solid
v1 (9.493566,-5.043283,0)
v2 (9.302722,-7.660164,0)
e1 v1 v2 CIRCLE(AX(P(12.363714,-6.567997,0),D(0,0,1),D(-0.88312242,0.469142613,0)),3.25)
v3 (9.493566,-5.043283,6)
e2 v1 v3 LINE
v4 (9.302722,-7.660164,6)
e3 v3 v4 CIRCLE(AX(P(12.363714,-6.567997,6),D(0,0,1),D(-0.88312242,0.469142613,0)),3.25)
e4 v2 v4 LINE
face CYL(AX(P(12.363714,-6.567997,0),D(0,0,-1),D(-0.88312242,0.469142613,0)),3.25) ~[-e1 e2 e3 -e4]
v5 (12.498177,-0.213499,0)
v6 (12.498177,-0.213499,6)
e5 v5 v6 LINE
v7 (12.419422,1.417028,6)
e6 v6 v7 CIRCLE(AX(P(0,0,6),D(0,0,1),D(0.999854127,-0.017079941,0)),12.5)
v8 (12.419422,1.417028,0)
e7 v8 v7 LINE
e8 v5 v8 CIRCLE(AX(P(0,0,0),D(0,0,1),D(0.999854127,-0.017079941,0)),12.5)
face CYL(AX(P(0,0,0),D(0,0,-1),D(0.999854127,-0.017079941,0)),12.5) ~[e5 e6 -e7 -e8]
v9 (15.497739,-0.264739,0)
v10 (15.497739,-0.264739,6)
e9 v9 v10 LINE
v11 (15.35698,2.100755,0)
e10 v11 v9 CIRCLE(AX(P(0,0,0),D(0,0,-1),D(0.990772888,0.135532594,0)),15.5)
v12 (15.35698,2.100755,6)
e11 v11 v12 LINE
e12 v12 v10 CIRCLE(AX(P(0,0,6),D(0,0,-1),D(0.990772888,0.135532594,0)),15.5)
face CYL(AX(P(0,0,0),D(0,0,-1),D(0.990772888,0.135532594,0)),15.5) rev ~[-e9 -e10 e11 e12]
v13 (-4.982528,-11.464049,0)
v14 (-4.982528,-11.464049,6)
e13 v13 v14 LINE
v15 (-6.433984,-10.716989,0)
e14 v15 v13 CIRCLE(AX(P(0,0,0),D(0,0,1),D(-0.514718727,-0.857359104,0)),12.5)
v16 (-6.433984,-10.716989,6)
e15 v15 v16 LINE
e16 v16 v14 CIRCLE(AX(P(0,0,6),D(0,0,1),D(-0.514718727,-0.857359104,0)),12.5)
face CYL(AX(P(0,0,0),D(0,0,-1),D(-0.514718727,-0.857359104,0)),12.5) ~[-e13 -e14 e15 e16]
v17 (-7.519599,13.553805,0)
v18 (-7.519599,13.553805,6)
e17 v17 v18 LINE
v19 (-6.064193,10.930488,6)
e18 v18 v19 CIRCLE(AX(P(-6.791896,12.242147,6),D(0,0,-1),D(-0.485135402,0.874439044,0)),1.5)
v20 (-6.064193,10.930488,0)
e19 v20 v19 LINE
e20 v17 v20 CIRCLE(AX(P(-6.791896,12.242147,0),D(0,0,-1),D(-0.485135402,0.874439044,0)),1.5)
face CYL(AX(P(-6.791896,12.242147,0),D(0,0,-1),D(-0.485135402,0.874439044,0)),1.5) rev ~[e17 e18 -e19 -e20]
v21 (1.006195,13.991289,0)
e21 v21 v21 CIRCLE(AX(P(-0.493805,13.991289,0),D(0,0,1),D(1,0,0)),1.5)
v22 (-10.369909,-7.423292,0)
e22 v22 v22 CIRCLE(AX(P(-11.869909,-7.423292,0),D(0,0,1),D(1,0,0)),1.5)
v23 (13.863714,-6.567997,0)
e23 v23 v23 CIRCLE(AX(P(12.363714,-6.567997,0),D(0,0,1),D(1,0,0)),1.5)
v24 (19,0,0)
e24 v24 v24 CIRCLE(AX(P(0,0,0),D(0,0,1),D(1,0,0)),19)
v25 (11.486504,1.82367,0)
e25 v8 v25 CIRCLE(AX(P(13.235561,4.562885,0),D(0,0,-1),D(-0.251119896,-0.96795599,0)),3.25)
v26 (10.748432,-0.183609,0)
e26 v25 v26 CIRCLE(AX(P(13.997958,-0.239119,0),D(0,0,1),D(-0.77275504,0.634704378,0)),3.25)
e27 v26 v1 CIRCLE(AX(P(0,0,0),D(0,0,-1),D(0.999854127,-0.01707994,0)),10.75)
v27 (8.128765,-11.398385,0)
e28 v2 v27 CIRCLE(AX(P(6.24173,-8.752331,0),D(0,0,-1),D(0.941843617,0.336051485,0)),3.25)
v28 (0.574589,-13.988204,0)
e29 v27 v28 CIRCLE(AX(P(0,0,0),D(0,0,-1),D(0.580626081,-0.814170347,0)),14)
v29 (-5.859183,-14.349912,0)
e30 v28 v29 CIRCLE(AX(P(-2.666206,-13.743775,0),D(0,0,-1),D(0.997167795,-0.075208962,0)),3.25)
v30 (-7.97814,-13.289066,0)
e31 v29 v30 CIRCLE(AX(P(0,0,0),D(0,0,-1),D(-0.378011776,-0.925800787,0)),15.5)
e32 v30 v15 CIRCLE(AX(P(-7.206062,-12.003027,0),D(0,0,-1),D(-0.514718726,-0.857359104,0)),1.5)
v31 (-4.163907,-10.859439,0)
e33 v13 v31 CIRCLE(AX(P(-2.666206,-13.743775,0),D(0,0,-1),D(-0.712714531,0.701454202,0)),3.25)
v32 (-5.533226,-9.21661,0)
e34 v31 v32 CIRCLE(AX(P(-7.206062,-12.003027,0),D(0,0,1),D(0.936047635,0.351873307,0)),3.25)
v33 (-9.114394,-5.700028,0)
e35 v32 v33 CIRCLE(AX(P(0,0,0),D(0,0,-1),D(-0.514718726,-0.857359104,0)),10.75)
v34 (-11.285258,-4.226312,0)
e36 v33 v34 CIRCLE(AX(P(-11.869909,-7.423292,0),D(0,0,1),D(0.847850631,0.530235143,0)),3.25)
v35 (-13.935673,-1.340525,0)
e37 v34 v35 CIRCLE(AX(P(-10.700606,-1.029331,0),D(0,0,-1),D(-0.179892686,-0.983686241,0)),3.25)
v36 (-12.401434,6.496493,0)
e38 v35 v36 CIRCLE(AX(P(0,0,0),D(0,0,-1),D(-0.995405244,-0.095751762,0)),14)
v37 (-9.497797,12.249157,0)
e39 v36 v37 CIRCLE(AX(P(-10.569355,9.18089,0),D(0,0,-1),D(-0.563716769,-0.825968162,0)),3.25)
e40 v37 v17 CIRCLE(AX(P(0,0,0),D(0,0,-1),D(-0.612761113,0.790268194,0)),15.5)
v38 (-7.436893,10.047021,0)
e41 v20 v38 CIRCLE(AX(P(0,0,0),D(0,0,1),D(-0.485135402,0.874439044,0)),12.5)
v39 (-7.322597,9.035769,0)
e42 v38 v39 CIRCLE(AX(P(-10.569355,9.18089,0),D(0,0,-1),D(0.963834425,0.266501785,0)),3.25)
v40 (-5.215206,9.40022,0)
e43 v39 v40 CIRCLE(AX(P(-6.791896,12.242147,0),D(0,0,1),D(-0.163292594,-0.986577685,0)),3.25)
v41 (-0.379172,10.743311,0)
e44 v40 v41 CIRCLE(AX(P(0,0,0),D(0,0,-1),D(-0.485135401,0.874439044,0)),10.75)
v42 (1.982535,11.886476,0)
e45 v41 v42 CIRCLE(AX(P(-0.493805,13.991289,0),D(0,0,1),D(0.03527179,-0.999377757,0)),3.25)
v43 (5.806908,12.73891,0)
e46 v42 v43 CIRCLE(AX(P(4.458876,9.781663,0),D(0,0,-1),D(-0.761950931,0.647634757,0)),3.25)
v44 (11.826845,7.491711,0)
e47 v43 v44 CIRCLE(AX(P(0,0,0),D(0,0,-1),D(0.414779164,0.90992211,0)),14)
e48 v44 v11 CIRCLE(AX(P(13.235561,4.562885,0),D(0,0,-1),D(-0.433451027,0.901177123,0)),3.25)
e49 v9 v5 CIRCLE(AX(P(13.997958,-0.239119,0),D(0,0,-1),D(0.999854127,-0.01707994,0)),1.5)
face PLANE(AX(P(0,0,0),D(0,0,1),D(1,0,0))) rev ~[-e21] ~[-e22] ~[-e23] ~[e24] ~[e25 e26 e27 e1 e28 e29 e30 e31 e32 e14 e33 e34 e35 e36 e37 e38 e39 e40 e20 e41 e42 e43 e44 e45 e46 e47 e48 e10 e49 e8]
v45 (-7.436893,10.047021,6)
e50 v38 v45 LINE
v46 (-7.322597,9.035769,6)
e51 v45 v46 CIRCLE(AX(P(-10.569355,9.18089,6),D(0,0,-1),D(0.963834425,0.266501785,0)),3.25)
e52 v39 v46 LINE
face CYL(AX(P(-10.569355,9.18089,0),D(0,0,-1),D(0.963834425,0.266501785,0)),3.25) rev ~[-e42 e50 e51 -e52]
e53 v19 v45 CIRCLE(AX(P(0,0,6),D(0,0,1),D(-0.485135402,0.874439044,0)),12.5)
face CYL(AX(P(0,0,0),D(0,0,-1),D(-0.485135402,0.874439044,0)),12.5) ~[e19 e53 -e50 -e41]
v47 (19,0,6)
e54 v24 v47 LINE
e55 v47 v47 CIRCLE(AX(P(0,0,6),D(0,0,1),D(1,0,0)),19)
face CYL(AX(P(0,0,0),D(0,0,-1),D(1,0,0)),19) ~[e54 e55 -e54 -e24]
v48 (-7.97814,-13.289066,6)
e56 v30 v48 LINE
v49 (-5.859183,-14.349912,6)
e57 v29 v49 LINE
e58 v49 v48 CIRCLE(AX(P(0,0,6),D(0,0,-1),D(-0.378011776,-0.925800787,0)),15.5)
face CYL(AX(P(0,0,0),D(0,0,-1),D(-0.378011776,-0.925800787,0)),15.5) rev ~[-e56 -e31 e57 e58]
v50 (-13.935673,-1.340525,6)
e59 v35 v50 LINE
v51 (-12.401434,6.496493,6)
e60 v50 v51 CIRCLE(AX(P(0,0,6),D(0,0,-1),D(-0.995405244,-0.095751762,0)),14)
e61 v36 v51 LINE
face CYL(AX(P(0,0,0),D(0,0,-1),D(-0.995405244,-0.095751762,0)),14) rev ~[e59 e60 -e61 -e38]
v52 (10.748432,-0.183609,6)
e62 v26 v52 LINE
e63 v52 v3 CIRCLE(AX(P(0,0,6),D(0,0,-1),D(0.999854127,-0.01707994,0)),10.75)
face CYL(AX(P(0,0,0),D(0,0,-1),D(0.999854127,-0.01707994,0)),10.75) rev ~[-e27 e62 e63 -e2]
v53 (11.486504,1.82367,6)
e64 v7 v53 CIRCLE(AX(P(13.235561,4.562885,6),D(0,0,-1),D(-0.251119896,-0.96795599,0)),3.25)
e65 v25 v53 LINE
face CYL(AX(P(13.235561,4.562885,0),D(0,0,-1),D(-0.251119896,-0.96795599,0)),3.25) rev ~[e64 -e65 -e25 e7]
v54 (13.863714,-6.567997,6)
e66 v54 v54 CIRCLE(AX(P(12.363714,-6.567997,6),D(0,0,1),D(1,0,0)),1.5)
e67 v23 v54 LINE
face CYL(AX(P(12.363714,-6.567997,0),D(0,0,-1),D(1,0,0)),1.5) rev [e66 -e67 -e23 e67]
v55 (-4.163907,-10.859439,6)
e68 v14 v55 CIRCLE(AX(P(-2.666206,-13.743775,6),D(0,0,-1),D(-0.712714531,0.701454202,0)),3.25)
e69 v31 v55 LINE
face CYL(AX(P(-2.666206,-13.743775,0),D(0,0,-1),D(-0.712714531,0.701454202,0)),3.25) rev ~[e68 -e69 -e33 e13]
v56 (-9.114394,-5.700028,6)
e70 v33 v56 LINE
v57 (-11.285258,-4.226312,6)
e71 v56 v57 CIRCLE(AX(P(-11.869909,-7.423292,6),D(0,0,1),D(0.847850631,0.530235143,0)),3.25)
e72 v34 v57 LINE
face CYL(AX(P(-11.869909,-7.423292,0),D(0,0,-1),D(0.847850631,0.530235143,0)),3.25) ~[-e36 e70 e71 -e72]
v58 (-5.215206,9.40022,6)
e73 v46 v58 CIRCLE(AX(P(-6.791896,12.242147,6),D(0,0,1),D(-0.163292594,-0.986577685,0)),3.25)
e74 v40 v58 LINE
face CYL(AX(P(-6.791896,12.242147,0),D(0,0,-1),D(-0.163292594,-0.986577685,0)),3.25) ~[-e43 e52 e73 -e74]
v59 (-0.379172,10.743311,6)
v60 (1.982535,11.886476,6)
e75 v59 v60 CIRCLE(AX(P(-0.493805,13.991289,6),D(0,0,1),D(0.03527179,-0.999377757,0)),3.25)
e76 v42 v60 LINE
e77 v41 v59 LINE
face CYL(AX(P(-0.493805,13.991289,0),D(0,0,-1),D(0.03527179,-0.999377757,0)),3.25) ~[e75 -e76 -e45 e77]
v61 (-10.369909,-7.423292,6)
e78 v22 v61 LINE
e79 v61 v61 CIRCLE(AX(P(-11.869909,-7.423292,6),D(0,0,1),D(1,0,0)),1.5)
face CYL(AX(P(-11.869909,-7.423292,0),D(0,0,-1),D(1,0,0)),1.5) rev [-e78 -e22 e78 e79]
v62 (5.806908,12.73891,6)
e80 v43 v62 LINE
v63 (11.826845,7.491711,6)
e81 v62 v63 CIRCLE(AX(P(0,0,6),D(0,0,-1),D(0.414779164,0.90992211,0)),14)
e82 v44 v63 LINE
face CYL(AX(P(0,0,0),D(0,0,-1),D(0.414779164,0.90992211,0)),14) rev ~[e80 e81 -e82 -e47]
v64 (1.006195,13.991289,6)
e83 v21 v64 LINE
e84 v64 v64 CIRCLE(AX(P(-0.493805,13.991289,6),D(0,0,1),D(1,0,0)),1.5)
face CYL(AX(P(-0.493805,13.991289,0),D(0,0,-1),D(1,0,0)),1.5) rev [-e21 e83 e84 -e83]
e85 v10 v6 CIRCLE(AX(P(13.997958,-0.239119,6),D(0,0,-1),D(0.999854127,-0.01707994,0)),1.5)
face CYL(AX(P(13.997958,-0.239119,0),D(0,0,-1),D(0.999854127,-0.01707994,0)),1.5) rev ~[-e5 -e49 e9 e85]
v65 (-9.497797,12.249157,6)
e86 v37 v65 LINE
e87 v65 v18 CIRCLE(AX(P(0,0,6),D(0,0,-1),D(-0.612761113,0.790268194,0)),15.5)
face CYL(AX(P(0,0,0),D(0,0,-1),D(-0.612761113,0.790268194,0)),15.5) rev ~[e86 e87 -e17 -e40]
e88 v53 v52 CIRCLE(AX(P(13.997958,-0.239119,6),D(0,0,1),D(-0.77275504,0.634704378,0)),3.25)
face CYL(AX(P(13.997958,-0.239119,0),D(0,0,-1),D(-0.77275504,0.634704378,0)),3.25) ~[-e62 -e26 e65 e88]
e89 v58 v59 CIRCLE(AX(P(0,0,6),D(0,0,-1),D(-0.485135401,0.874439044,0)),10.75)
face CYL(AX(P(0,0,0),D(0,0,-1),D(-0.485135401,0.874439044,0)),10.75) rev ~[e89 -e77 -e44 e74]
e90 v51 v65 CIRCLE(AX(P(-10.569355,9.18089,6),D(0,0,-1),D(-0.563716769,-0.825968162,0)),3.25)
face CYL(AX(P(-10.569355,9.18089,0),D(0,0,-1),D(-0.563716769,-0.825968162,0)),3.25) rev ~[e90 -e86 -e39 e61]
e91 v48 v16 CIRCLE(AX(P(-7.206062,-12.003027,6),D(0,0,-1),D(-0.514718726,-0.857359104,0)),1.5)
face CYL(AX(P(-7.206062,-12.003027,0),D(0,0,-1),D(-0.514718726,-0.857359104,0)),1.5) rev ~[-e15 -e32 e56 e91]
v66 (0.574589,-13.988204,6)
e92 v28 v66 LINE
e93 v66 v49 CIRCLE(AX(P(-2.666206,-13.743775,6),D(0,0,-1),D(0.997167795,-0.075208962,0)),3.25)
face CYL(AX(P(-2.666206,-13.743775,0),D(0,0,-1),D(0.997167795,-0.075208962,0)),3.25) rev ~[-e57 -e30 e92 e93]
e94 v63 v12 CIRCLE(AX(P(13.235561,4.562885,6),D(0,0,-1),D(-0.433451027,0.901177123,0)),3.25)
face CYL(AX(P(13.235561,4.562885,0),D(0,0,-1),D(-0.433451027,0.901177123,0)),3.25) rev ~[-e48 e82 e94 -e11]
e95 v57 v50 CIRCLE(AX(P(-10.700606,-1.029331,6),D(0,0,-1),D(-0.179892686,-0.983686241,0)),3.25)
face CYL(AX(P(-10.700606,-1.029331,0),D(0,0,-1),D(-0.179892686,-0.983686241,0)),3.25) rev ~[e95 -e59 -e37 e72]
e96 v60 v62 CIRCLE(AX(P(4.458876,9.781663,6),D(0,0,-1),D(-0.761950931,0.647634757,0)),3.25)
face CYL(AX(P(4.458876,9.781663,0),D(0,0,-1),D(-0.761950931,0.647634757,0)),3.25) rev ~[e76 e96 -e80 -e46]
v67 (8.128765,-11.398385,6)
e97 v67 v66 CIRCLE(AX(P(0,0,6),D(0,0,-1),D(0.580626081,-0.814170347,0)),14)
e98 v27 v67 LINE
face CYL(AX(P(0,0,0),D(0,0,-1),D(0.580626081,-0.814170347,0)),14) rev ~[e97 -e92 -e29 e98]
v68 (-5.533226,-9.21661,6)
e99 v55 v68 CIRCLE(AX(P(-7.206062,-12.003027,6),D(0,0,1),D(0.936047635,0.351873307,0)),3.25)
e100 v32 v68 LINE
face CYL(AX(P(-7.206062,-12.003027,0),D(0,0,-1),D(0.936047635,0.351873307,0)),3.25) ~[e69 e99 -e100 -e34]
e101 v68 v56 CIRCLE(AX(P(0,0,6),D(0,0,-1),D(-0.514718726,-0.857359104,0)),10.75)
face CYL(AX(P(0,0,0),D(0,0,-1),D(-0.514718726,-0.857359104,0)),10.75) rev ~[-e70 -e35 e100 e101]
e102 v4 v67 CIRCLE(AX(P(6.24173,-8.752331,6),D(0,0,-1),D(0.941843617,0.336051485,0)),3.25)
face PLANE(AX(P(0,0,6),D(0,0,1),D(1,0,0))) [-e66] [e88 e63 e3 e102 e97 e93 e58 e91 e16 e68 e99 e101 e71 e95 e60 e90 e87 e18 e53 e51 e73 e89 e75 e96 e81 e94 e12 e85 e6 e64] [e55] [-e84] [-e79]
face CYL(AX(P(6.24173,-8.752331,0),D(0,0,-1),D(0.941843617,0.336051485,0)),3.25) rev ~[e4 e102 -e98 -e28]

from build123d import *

# Parameters (mm, degrees)
ESQUISSE1_R        = 19
ESQUISSE1_R_2      = 1.5
BOSS_EXTRU_2_DEPTH = 6


with BuildPart() as part:
    # Esquisse1 → Boss.-Extru.2 (new body)
    with BuildSketch(Plane.XY):
        Circle(ESQUISSE1_R)
        with Locations((-0.493805045, 13.991288596)):
            Circle(ESQUISSE1_R_2, mode=Mode.SUBTRACT)
        with Locations((12.363713879, -6.567996584)):
            Circle(ESQUISSE1_R_2, mode=Mode.SUBTRACT)
        with Locations((-11.869908833, -7.423292012)):
            Circle(ESQUISSE1_R_2, mode=Mode.SUBTRACT)
        with BuildLine():
            ThreePointArc((-0.379171731, 10.743310886), (0.922172629, 11.065966866), (1.982535482, 11.886475637))
            ThreePointArc((1.982535482, 11.886475637), (3.751818189, 12.953817976), (5.806908291, 12.738909534))
            ThreePointArc((5.806908291, 12.738909534), (9.198945104, 10.553644346), (11.826845368, 7.491710662))
            ThreePointArc((11.826845368, 7.491710662), (15.95449234, 6.343310094), (15.356979769, 2.100755188))
            ThreePointArc((15.356979769, 2.100755188), (15.472630931, 0.920701949), (15.497738971, -0.264739076))
            ThreePointArc((15.497738971, -0.264739076), (13.97233787, -1.738900356), (12.49817659, -0.213499254))
            ThreePointArc((12.49817659, -0.213499254), (12.485444687, 0.603051388), (12.419421545, 1.417028044))
            ThreePointArc((12.419421545, 1.417028044), (11.936947212, 1.58360629), (11.486503898, 1.823670062))
            ThreePointArc((11.486503898, 1.823670062), (10.947627516, 0.882480264), (10.748431867, -0.183609359))
            ThreePointArc((10.748431867, -0.183609359), (10.408589086, -2.687707806), (9.493566014, -5.043283091))
            ThreePointArc((9.493566014, -5.043283091), (9.122322109, -6.331608356), (9.302722122, -7.66016391))
            ThreePointArc((9.302722122, -7.66016391), (9.342426349, -9.72607885), (8.128765127, -11.398384864))
            ThreePointArc((8.128765127, -11.398384864), (4.540251554, -13.243342321), (0.574589068, -13.988203866))
            ThreePointArc((0.574589068, -13.988203866), (-2.483778485, -16.988650718), (-5.859182525, -14.3499122))
            ThreePointArc((-5.859182525, -14.3499122), (-6.938964188, -13.860042424), (-7.97814025, -13.289066113))
            ThreePointArc((-7.97814025, -13.289066113), (-8.492100818, -11.230949368), (-6.433984073, -10.7169888))
            ThreePointArc((-6.433984073, -10.7169888), (-5.720464522, -11.11423797), (-4.982528488, -11.464048581))
            ThreePointArc((-4.982528488, -11.464048581), (-4.597030329, -11.129502674), (-4.163907347, -10.859439207))
            ThreePointArc((-4.163907347, -10.859439207), (-4.709563431, -9.922163672), (-5.533226303, -9.216610368))
            ThreePointArc((-5.533226303, -9.216610368), (-7.53191778, -7.670248663), (-9.114394283, -5.700027795))
            ThreePointArc((-9.114394283, -5.700027795), (-10.044494737, -4.73435851), (-11.285257604, -4.226311727))
            ThreePointArc((-11.285257604, -4.226311727), (-13.094244538, -3.227739126), (-13.935673418, -1.34052467))
            ThreePointArc((-13.935673418, -1.34052467), (-13.739196658, 2.689697975), (-12.401434435, 6.496493204))
            ThreePointArc((-12.401434435, 6.496493204), (-13.470713855, 10.645340625), (-9.497797245, 12.249157012))
            ThreePointArc((-9.497797245, 12.249157012), (-8.533666743, 12.939340475), (-7.519598721, 13.553805188))
            ThreePointArc((-7.519598721, 13.553805188), (-5.480237052, 12.969849724), (-6.064192517, 10.930488055))
            ThreePointArc((-6.064192517, 10.930488055), (-6.764980165, 10.511186582), (-7.436893057, 10.047020536))
            ThreePointArc((-7.436893057, 10.047020536), (-7.339916883, 9.545896384), (-7.32259655, 9.035769145))
            ThreePointArc((-7.32259655, 9.035769145), (-6.238064085, 9.039683408), (-5.215205564, 9.400219727))
            ThreePointArc((-5.215205564, 9.400219727), (-2.876671305, 10.357956468), (-0.379171731, 10.743310886))
        make_face(mode=Mode.SUBTRACT)
    extrude(amount=BOSS_EXTRU_2_DEPTH)


solid = part.part
